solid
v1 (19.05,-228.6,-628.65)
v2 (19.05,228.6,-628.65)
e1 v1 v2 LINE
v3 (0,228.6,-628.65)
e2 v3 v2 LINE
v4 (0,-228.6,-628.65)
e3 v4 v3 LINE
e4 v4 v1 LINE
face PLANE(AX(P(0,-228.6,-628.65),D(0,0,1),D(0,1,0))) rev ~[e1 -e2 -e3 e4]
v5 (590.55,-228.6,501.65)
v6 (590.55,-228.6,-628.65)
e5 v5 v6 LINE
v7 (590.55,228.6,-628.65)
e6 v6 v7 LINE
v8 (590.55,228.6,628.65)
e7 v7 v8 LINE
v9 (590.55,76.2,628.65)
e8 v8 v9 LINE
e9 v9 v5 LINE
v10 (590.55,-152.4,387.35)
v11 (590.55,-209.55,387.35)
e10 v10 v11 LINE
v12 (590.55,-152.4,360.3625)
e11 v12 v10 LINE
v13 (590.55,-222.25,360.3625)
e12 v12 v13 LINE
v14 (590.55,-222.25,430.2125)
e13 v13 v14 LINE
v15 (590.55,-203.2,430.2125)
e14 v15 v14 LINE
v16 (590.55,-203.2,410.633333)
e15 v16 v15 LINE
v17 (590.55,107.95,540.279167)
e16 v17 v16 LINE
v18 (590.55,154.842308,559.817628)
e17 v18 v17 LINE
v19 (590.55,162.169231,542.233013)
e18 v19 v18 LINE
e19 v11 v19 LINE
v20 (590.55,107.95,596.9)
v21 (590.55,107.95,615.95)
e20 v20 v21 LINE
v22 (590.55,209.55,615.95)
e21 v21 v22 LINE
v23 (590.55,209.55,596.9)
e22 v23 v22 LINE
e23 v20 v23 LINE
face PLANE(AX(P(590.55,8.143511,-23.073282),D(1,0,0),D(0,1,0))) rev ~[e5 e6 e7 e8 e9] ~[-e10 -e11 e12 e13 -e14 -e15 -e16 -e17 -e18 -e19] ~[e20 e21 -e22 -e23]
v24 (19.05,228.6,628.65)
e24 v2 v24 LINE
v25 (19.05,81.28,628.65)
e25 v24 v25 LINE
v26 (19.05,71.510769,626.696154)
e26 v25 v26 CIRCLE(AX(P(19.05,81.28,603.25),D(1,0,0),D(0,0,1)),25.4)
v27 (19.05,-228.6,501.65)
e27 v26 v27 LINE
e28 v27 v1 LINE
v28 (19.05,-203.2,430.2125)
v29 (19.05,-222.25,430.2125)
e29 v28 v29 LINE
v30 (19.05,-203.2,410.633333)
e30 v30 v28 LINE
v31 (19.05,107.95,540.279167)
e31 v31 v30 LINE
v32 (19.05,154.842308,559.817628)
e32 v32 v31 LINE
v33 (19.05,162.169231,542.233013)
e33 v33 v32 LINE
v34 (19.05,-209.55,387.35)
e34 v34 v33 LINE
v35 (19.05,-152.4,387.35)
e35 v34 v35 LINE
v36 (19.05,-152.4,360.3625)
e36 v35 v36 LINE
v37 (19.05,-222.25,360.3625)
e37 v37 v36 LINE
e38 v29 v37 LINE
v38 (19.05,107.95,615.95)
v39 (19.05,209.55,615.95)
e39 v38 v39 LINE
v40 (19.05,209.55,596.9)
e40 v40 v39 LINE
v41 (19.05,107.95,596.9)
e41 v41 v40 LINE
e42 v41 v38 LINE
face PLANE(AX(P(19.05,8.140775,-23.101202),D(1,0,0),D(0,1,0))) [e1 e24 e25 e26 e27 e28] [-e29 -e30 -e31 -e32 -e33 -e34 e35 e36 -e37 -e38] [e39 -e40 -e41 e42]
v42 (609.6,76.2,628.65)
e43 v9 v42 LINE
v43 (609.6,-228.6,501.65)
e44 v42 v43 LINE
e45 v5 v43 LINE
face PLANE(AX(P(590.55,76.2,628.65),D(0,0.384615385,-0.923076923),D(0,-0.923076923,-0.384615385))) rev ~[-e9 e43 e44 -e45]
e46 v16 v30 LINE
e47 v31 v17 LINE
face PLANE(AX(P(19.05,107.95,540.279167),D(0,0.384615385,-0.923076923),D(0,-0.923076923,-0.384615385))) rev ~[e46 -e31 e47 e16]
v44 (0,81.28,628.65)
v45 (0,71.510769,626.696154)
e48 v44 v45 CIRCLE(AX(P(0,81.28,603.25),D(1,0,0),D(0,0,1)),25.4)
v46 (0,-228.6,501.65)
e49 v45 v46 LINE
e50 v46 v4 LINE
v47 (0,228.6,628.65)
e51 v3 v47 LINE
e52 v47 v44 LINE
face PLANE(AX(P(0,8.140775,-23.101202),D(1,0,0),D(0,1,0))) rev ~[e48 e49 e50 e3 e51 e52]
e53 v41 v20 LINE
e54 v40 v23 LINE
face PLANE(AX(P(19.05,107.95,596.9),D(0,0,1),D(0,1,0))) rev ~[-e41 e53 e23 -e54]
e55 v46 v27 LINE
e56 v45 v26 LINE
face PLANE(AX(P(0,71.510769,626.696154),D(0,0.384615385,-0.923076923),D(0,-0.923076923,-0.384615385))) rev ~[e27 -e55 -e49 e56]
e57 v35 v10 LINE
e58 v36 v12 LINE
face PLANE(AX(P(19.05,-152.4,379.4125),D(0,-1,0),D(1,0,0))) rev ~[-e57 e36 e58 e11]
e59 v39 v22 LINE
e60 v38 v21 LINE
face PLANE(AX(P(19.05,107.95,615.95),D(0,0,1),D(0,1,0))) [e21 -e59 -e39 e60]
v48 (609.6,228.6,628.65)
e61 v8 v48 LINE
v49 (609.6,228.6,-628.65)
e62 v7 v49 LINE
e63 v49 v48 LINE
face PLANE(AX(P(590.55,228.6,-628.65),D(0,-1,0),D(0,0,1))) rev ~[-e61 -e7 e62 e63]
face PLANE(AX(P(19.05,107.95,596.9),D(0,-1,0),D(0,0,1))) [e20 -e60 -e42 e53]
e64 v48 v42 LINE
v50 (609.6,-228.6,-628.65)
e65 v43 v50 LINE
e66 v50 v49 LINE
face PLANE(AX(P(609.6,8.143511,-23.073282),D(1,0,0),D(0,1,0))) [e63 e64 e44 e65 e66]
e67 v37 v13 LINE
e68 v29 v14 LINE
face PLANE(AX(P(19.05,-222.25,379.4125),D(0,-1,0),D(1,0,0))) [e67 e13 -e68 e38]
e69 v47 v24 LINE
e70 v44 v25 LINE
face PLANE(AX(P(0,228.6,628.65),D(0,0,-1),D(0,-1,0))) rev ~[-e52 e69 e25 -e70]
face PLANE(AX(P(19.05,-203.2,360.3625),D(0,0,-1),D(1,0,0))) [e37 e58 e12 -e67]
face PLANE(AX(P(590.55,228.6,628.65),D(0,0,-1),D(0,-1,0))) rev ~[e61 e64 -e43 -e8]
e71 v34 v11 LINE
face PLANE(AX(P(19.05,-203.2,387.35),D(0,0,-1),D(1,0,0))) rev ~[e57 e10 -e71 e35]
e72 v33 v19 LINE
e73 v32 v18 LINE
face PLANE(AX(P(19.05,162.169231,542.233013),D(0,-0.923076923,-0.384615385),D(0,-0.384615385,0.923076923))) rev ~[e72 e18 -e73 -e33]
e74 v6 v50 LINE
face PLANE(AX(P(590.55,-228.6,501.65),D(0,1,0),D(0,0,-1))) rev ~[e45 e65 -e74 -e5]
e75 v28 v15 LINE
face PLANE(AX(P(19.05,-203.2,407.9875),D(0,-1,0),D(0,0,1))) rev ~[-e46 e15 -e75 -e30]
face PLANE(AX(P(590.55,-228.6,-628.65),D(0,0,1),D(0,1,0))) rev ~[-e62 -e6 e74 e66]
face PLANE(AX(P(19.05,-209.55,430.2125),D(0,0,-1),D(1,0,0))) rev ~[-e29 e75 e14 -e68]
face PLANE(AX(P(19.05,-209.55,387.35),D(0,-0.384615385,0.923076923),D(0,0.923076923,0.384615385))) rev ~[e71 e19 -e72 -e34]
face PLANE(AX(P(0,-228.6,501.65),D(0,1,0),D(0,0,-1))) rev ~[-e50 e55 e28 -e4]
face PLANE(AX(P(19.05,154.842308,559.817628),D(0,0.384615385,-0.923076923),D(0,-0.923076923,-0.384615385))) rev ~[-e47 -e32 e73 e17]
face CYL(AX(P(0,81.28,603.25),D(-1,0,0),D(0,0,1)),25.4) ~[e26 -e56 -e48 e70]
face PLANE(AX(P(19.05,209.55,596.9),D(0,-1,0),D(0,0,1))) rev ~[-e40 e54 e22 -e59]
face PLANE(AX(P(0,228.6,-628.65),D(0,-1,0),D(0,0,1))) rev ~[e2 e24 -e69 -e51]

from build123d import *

# Parameters (mm, degrees)
F1_DEPTH  = 19.05
F2_W      = 101.6
F2_H      = 19.05
F3_DEPTH  = 571.5
F5_DEPTH  = 571.5
F6_W      = 571.5
F6_H      = 50.8
F7_DEPTH  = 6.35
F8_DEPTH  = 6.35
F9_W      = 101.6
F9_H      = 19.05
F10_DEPTH = 19.05
F11_DEPTH = 19.05
F12_DEPTH = 50.8


with BuildPart() as f1:
    # F0 (on Right) → F1 (new body)
    with BuildSketch(Plane.YZ):
        with BuildLine():
            Line((228.6, -628.65), (228.6, 628.65))
            Line((228.6, 628.65), (81.28, 628.65))
            ThreePointArc((81.28, 628.65), (76.2986501675, 628.1567491625), (71.5107692308, 626.6961538462))
            Line((71.5107692308, 626.6961538462), (-228.6, 501.65))
            Line((-228.6, 501.65), (-228.6, -628.65))
            Line((-228.6, -628.65), (228.6, -628.65))
        make_face()
    extrude(amount=F1_DEPTH)

    # F2 (on face) → F3 (join)
    with BuildSketch(Plane.YZ.offset(19.05)):
        with Locations((158.75, 606.425)):
            Rectangle(F2_W, F2_H)
    extrude(amount=F3_DEPTH)

    # F4 (on face) → F5 (join)
    with BuildSketch(Plane.YZ.offset(19.05)):
        Polygon((-209.55, 430.2125), (-228.6, 430.2125), (-228.6, 400.05), (-209.55, 407.9875), align=None)
        Polygon((-209.55, 407.9875), (-228.6, 400.05), (-228.6, 379.4125), (-209.55, 387.35), align=None)
        Polygon((-209.55, 387.35), (-228.6, 379.4125), (-209.55, 379.4125), align=None)
        Polygon((107.95, 540.2791666667), (-209.55, 407.9875), (-209.55, 387.35), (162.1692307692, 542.2330128205), (154.8423076923, 559.8176282051), align=None)
    extrude(amount=F5_DEPTH)

    # F6 (on face) → F7 (cut)
    with BuildSketch(Plane.XZ.offset(228.6)):
        with Locations((304.8, 404.8125)):
            Rectangle(F6_W, F6_H)
    extrude(amount=-F7_DEPTH, mode=Mode.SUBTRACT)

    # F8 (add): faces of the model
    f8_faces = [f1.faces().sort_by_distance(p)[0] for p in [
        (304.8, -209.55, 419.1),
        (304.8, -209.55, 383.38125),
    ]]
    extrude(f8_faces, amount=F8_DEPTH)

    # F9 (on face) → F10 (join)
    with BuildSketch(Plane.YZ.offset(590.55)):
        Polygon((228.6, 628.65), (209.55, 628.65), (76.2, 628.65), (-228.6, 501.65), (-228.6, -628.65), (228.6, -628.65), align=None)
        with Locations((158.75, 606.425)):
            Rectangle(F9_W, F9_H, mode=Mode.SUBTRACT)
        with Locations((158.75, 606.425)):
            Rectangle(F9_W, F9_H)
    extrude(amount=F10_DEPTH)

    # F11 (add): a face of the model
    f11_faces = [f1.faces().sort_by_distance(p)[0] for p in [
        (304.8, -212.725, 379.4125),
    ]]
    extrude(f11_faces, amount=F11_DEPTH)

    # F12 (add): a face of the model
    f12_faces = [f1.faces().sort_by_distance(p)[0] for p in [
        (304.8, -203.2, 373.85625),
    ]]
    extrude(f12_faces, amount=F12_DEPTH)


solid = f1.part
